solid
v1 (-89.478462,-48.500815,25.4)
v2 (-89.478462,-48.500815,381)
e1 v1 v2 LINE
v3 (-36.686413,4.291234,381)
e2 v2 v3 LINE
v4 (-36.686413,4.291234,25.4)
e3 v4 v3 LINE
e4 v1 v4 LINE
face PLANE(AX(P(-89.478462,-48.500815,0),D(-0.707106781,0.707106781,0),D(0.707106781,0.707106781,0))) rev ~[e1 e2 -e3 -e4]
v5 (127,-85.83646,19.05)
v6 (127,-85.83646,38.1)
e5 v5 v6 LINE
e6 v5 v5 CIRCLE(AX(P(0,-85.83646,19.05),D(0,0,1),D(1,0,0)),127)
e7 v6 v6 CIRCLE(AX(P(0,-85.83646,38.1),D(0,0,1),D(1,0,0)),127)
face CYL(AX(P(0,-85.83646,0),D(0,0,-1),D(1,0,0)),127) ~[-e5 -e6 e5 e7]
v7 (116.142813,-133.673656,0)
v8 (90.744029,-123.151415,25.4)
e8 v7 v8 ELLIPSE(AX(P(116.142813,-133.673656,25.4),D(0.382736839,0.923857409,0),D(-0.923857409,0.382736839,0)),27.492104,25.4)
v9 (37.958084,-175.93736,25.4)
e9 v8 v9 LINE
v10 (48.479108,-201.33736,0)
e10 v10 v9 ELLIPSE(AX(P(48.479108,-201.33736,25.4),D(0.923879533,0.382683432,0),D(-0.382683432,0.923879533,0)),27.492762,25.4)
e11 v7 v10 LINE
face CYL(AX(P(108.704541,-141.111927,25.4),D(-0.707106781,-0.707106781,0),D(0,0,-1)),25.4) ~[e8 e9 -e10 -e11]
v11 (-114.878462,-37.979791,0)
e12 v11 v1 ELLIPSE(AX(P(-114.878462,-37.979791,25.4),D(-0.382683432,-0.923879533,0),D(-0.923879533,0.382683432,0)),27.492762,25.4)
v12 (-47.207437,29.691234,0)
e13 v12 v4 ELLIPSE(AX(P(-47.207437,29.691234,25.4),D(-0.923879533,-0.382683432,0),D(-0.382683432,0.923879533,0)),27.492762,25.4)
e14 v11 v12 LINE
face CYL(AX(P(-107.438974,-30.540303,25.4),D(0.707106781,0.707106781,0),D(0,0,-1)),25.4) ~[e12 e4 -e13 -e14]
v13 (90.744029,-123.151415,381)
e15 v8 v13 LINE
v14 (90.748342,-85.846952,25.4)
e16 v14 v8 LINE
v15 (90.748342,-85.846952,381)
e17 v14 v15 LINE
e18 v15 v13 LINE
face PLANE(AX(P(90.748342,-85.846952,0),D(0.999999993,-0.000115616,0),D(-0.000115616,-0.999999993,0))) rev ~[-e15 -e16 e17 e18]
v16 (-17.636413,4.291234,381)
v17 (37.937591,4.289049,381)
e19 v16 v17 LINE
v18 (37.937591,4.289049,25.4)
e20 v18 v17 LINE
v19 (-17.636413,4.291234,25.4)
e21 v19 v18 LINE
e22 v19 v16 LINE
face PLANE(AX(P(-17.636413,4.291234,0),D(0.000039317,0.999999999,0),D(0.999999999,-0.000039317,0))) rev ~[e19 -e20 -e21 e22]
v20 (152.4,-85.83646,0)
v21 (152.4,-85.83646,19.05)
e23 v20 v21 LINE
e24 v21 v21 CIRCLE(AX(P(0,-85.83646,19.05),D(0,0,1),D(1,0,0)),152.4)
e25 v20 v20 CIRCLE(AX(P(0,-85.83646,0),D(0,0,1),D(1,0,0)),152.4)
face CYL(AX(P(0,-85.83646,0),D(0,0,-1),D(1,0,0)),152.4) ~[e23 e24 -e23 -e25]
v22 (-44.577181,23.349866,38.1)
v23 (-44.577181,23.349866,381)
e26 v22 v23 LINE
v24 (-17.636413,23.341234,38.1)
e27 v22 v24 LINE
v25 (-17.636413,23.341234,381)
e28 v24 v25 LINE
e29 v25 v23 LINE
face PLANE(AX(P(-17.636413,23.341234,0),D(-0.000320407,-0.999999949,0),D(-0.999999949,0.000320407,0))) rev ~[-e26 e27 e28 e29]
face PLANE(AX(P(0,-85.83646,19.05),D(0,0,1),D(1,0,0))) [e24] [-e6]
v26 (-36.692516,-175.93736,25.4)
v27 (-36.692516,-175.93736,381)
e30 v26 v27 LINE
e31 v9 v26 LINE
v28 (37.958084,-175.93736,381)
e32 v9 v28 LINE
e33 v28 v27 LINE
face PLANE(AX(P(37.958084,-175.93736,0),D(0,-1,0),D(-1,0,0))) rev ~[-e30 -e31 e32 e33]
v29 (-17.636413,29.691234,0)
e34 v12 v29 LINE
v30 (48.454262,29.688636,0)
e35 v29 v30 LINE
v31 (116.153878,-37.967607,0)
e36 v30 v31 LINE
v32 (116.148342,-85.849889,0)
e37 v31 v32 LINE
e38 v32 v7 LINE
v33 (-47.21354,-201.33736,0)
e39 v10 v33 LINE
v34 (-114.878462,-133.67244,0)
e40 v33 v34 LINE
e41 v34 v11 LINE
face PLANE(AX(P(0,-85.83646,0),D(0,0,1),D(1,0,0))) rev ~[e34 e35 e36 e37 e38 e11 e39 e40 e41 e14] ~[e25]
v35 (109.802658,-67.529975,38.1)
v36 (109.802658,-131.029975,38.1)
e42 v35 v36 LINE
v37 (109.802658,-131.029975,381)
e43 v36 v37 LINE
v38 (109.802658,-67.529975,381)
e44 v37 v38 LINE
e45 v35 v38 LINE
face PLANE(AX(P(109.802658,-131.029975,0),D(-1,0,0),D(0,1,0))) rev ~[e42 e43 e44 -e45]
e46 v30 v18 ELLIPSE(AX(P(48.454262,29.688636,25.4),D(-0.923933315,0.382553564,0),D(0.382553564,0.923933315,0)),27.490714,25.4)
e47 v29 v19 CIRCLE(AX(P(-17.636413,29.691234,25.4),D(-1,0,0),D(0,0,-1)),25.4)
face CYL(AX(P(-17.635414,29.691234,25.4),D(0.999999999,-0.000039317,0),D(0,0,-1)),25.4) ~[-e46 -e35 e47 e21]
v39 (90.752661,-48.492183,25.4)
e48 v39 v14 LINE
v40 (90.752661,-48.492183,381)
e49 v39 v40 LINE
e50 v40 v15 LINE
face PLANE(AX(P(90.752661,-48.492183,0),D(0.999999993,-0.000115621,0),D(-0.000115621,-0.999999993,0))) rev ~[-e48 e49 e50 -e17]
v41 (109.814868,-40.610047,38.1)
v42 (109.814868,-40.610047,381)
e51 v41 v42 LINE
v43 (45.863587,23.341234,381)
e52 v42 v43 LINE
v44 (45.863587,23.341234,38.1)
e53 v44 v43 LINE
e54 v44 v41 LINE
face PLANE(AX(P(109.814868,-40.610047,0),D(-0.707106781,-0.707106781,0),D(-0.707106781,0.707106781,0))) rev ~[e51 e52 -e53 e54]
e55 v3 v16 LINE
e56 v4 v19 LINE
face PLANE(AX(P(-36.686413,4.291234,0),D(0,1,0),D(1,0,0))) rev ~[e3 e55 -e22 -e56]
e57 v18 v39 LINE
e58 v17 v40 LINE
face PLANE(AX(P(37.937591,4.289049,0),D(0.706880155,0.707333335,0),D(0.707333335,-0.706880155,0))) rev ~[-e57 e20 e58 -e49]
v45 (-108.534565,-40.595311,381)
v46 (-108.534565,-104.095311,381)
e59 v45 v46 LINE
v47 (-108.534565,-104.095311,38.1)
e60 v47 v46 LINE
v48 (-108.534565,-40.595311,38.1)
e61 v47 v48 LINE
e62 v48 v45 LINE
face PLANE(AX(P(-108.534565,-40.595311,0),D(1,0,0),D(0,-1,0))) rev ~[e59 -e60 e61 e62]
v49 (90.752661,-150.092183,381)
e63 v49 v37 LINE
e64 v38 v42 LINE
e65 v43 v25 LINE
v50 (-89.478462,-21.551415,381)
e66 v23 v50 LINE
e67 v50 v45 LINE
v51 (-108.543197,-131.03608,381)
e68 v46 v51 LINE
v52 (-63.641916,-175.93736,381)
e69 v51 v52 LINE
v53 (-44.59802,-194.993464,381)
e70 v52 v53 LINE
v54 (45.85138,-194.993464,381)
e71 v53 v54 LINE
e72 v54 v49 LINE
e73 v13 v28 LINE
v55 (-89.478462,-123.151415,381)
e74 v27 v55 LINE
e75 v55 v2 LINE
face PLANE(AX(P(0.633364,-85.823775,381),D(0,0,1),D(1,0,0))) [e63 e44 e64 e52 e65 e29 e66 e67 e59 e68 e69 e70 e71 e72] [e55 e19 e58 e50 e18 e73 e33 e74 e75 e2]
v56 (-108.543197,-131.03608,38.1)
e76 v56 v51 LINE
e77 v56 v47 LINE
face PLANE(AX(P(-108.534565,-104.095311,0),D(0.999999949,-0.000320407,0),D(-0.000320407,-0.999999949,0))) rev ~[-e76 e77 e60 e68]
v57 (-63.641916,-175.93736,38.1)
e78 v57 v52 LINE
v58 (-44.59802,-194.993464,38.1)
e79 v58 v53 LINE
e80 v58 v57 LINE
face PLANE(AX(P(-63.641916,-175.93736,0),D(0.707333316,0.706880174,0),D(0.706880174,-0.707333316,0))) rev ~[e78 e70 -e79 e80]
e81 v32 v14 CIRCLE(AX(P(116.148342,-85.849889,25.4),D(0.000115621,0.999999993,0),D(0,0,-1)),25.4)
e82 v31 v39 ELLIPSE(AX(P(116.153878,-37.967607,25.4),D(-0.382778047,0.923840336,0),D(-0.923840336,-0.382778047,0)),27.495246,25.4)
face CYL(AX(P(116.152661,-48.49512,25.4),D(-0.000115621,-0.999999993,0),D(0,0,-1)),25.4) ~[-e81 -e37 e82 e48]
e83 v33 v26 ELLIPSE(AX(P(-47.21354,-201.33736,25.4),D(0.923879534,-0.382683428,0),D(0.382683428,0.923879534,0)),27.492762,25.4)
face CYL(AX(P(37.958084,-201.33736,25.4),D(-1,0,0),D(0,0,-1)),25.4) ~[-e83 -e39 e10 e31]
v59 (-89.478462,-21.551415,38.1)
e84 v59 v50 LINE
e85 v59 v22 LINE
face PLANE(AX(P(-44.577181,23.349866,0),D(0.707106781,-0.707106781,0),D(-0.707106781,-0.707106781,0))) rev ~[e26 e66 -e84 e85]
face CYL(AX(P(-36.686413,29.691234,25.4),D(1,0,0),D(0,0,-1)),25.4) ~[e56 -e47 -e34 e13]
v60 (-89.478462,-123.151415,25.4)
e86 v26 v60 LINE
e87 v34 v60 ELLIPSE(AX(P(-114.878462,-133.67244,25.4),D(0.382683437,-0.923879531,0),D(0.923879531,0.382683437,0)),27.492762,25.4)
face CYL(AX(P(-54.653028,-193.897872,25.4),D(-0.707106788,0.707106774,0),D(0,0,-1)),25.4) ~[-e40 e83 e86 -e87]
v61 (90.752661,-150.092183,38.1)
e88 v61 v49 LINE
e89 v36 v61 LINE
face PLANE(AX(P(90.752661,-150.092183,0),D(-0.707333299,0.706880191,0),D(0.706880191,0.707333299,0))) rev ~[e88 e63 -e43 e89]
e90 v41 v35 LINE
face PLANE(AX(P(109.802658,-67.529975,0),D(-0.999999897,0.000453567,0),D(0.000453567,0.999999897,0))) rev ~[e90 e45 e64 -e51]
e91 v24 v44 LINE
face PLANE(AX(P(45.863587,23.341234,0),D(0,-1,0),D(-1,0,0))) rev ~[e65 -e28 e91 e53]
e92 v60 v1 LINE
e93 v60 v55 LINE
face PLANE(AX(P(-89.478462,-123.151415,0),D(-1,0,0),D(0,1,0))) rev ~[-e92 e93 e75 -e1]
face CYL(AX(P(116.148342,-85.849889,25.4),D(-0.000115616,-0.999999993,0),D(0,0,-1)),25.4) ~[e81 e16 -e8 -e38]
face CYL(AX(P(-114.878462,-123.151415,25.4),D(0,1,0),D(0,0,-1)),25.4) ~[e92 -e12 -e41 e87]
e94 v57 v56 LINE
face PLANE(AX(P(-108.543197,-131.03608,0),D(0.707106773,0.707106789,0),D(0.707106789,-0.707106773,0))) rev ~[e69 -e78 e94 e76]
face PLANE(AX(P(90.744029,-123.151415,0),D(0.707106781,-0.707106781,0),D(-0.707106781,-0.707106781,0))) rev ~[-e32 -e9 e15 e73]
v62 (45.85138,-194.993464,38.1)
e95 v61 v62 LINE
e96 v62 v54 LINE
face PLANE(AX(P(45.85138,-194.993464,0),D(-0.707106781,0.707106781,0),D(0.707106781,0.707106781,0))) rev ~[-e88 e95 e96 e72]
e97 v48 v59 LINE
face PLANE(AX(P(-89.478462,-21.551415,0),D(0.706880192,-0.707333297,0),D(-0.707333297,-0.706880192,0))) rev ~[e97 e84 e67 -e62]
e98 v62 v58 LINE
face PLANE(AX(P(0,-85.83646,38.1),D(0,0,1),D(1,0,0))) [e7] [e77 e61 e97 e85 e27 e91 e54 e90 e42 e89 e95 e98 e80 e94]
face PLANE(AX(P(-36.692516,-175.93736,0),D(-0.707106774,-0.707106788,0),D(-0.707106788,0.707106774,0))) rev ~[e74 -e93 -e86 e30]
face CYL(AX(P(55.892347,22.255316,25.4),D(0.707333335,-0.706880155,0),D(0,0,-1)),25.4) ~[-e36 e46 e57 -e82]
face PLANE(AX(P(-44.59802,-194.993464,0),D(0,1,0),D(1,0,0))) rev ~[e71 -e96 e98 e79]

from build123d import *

# Parameters (mm, degrees)
F1_DEPTH = 381
F0_R     = 127
F2_DEPTH = 38.1
F0_R_2   = 152.4
F3_DEPTH = 19.05
F4_R     = 25.4


with BuildPart() as f1:
    # F0 (on Top) → F1 (new body)
    with BuildSketch(Plane.XY):
        Polygon((64.913587, 4.291234), (45.863587, 23.341234), (-17.636413, 23.341234), (-44.577181, 23.349866), (-89.478462, -21.551415), (-108.534565, -40.595311), (-108.534565, -104.095311), (-108.543197, -131.03608), (-63.641916, -175.93736), (-44.59802, -194.993464), (18.90198, -194.993464), (45.85138, -194.993464), (90.752661, -150.092183), (109.802658, -131.029975), (109.802658, -67.529975), (109.814868, -40.610047), align=None)
        Polygon((-89.478462, -48.500815), (-36.686413, 4.291234), (-17.636413, 4.291234), (37.937591, 4.289049), (90.752661, -48.492183), (90.748342, -85.846952), (90.744029, -123.151415), (37.958084, -175.93736), (-36.692516, -175.93736), (-89.478462, -123.151415), (-89.478462, -85.826115), align=None, mode=Mode.SUBTRACT)
    extrude(amount=F1_DEPTH)

    # F0 (on Top) → F2 (join)
    with BuildSketch(Plane.XY):
        with Locations((0, -85.83646)):
            Circle(F0_R)
        Polygon((-17.636413, 23.341234), (45.863587, 23.341234), (64.913587, 4.291234), (109.814868, -40.610047), (109.802658, -67.529975), (109.802658, -131.029975), (90.752661, -150.092183), (45.85138, -194.993464), (18.90198, -194.993464), (-44.59802, -194.993464), (-63.641916, -175.93736), (-108.543197, -131.03608), (-108.534565, -104.095311), (-108.534565, -40.595311), (-89.478462, -21.551415), (-44.577181, 23.349866), align=None, mode=Mode.SUBTRACT)
    extrude(amount=F2_DEPTH)

    # F0 (on Top) → F3 (join)
    with BuildSketch(Plane.XY):
        with Locations((0, -85.83646)):
            Circle(F0_R_2)
        with Locations((0, -85.83646)):
            Circle(F0_R, mode=Mode.SUBTRACT)
    extrude(amount=F3_DEPTH)

    # F4
    f4_edges = [f1.edges().sort_by_distance(p)[0] for p in [
        (-89.478462, -85.826115, 0),
        (-63.085489, -149.544388, 0),
        (-63.082437, -22.10479, 0),
        (-27.161413, 4.291234, 0),
        (10.150589, 4.290141, 0),
        (0.632784, -175.93736, 0),
        (64.351056, -149.544388, 0),
        (90.748345, -85.821799, 0),
        (64.345126, -22.101567, 0),
    ]]
    fillet(f4_edges, radius=F4_R)


solid = f1.part
